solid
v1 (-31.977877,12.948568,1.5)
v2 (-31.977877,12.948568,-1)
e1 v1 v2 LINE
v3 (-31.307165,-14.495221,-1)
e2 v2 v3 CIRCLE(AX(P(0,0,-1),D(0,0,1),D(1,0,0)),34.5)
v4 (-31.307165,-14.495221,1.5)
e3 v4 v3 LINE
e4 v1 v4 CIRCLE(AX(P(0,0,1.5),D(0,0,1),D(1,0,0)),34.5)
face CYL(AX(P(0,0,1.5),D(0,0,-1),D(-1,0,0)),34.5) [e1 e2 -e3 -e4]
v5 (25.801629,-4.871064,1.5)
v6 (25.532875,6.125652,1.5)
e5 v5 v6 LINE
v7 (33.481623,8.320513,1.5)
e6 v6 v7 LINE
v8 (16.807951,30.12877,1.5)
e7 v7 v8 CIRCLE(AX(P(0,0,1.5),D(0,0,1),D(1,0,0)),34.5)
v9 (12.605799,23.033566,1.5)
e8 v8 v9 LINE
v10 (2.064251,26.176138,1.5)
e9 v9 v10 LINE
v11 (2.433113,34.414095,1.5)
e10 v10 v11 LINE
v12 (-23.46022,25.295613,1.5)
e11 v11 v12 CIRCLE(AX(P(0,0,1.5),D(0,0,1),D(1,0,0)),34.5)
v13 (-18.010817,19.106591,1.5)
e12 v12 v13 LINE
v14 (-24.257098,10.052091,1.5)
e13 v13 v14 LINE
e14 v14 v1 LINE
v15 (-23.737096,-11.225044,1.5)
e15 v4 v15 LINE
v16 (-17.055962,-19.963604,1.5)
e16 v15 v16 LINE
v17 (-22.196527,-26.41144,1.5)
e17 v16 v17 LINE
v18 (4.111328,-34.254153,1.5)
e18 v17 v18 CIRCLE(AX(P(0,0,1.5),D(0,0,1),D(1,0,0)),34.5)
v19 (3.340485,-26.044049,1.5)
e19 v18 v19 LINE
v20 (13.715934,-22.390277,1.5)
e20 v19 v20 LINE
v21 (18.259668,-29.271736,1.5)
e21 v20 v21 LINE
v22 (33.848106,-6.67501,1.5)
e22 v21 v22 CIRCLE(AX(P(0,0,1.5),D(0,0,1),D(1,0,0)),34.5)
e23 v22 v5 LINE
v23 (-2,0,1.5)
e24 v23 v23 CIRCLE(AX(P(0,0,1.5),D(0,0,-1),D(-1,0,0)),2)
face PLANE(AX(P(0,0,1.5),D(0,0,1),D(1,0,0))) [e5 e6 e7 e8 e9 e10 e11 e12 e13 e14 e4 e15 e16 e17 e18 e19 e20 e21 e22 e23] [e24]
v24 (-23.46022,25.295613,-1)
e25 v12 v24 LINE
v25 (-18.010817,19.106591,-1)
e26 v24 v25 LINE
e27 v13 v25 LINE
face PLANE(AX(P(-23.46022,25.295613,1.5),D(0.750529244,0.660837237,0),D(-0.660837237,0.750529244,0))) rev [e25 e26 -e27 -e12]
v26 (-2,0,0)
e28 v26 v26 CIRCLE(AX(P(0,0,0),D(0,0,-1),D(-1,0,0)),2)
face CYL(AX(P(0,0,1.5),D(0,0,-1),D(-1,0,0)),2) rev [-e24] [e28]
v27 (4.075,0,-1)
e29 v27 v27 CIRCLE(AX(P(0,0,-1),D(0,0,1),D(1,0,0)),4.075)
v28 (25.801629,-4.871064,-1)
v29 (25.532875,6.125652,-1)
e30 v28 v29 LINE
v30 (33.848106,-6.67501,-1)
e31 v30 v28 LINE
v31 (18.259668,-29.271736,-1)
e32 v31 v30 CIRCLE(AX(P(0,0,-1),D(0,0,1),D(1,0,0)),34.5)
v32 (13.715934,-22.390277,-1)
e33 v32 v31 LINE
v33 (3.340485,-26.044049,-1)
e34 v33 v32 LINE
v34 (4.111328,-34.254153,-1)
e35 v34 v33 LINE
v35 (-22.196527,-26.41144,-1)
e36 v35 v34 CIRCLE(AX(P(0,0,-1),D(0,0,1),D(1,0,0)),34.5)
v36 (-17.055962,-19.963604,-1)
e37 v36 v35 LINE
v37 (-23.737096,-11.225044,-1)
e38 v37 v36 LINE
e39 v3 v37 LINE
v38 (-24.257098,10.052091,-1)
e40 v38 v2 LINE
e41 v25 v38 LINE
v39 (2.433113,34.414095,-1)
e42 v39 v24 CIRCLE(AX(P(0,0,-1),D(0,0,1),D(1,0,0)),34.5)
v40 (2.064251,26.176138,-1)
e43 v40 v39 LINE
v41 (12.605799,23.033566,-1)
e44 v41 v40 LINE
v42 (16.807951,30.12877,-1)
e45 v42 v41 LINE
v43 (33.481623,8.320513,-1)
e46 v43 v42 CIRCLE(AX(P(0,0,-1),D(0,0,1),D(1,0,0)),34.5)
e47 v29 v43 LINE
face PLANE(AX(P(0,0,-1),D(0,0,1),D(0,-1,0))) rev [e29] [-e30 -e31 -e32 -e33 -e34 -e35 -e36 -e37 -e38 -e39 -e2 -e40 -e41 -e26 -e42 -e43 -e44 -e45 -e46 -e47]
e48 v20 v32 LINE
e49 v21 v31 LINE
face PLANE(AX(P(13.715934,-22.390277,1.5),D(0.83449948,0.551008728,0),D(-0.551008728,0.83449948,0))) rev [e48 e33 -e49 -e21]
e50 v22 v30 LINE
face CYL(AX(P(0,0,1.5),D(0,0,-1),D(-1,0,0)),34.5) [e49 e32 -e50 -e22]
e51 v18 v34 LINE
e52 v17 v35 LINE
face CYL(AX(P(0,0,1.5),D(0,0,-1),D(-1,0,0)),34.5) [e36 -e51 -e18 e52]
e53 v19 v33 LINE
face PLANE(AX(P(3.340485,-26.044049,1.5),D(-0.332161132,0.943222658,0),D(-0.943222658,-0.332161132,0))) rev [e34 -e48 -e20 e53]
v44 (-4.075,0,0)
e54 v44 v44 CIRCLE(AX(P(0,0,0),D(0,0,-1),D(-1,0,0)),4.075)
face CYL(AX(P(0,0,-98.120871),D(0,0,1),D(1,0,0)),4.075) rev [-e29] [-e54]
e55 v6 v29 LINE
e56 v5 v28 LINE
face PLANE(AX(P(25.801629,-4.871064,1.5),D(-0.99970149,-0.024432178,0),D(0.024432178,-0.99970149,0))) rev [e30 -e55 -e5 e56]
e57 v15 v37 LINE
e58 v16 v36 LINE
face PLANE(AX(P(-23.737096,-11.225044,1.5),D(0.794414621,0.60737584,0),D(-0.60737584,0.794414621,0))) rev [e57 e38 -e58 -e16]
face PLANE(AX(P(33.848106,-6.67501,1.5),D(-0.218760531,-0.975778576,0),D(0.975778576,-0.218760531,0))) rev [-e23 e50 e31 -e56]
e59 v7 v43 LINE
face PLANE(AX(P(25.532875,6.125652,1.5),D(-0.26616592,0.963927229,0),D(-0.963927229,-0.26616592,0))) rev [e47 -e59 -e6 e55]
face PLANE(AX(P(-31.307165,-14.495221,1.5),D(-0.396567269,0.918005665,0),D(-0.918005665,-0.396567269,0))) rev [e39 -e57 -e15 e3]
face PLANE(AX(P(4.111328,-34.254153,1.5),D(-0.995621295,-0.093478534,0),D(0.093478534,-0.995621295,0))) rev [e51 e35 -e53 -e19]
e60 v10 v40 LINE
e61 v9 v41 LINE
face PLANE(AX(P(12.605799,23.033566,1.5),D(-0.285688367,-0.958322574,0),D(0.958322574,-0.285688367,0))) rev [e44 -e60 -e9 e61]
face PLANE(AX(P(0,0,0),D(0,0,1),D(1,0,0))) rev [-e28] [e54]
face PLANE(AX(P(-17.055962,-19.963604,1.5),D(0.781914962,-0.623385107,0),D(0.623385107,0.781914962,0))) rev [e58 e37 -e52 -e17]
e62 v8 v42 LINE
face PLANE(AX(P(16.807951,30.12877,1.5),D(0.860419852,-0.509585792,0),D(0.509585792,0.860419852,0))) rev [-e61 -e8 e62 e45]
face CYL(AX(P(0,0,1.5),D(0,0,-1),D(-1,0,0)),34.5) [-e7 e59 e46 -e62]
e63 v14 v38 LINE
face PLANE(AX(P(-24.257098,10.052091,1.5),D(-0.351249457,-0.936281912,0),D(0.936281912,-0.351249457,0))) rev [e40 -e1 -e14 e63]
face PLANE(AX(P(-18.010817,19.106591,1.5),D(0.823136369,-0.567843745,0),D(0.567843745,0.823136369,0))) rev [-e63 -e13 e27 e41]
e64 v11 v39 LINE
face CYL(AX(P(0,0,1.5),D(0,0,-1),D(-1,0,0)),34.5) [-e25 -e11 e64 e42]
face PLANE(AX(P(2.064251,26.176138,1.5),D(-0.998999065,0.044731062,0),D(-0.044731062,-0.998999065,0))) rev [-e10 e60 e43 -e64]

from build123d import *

# Parameters (mm, degrees)
BOSS_EXTRUDE1_DEPTH = 1.5
SKETCH2_R           = 4.075
BOSS_EXTRUDE2_DEPTH = 1
SKETCH3_R           = 2
CUT_EXTRUDE1_DEPTH  = 2.5


with BuildPart() as part:
    # Sketch1 → Boss-Extrude1 (new body)
    with BuildSketch(Plane.XY):
        with BuildLine():
            Line((-23.460220375, 25.295613453), (-18.010816917, 19.106590755))
            Line((-18.010816917, 19.106590755), (-24.257098112, 10.052090702))
            Line((-24.257098112, 10.052090702), (-31.977876551, 12.948567925))
            ThreePointArc((-31.977876551, 12.948567925), (-34.489701397, -0.842910146), (-31.307164796, -14.495221021))
            Line((-31.307164796, -14.495221021), (-23.737096152, -11.225043545))
            Line((-23.737096152, -11.225043545), (-17.055961915, -19.96360437))
            Line((-17.055961915, -19.96360437), (-22.1965272, -26.411440329))
            ThreePointArc((-22.1965272, -26.411440329), (-9.856248675, -33.062128819), (4.11132844, -34.254152718))
            Line((4.11132844, -34.254152718), (3.340484701, -26.044049191))
            Line((3.340484701, -26.044049191), (13.715933938, -22.39027674))
            Line((13.715933938, -22.39027674), (18.259668309, -29.27173574))
            ThreePointArc((18.259668309, -29.27173574), (28.398204714, -19.590609204), (33.84810551, -6.675009615))
            Line((33.84810551, -6.675009615), (25.801629236, -4.87106406))
            Line((25.801629236, -4.87106406), (25.532875276, 6.125652327))
            Line((25.532875276, 6.125652327), (33.481622838, 8.320512732))
            ThreePointArc((33.481622838, 8.320512732), (27.407304408, 20.95446647), (16.80795122, 30.128769901))
            Line((16.80795122, 30.128769901), (12.605799132, 23.03356604))
            Line((12.605799132, 23.03356604), (2.064250813, 26.176138082))
            Line((2.064250813, 26.176138082), (2.433112603, 34.414095412))
            ThreePointArc((2.433112603, 34.414095412), (-11.45955905, 32.541181699), (-23.460220375, 25.295613453))
        make_face()
    extrude(amount=BOSS_EXTRUDE1_DEPTH)

    # Sketch2 → Boss-Extrude2 (add)
    with BuildSketch(Plane(origin=(0, 0, 0), x_dir=(-1, 0, 0), z_dir=(0, 0, -1))):
        with BuildLine():
            Line((-2.433112603, 34.414095412), (-2.064250813, 26.176138082))
            Line((-2.064250813, 26.176138082), (-12.605799132, 23.03356604))
            Line((-12.605799132, 23.03356604), (-16.80795122, 30.128769901))
            ThreePointArc((-16.80795122, 30.128769901), (-27.407304408, 20.95446647), (-33.481622838, 8.320512732))
            Line((-33.481622838, 8.320512732), (-25.532875276, 6.125652327))
            Line((-25.532875276, 6.125652327), (-25.801629236, -4.87106406))
            Line((-25.801629236, -4.87106406), (-33.84810551, -6.675009615))
            ThreePointArc((-33.84810551, -6.675009615), (-28.398204714, -19.590609204), (-18.259668309, -29.27173574))
            Line((-18.259668309, -29.27173574), (-13.715933938, -22.39027674))
            Line((-13.715933938, -22.39027674), (-3.340484701, -26.044049191))
            Line((-3.340484701, -26.044049191), (-4.11132844, -34.254152718))
            ThreePointArc((-4.11132844, -34.254152718), (9.856248675, -33.062128819), (22.1965272, -26.411440329))
            Line((22.1965272, -26.411440329), (17.055961915, -19.96360437))
            Line((17.055961915, -19.96360437), (23.737096152, -11.225043545))
            Line((23.737096152, -11.225043545), (31.307164796, -14.495221021))
            ThreePointArc((31.307164796, -14.495221021), (34.489701397, -0.842910146), (31.977876551, 12.948567925))
            Line((31.977876551, 12.948567925), (24.257098112, 10.052090702))
            Line((24.257098112, 10.052090702), (18.010816917, 19.106590755))
            Line((18.010816917, 19.106590755), (23.460220375, 25.295613453))
            ThreePointArc((23.460220375, 25.295613453), (11.45955905, 32.541181699), (-2.433112603, 34.414095412))
        make_face()
        Circle(SKETCH2_R, mode=Mode.SUBTRACT)
    extrude(amount=BOSS_EXTRUDE2_DEPTH)

    # Sketch3 → Cut-Extrude1 (cut, through all)
    with BuildSketch(Plane(origin=(0, 0, 0), x_dir=(-1, 0, 0), z_dir=(0, 0, -1))):
        Circle(SKETCH3_R)
    extrude(amount=-CUT_EXTRUDE1_DEPTH, mode=Mode.SUBTRACT)


solid = part.part
